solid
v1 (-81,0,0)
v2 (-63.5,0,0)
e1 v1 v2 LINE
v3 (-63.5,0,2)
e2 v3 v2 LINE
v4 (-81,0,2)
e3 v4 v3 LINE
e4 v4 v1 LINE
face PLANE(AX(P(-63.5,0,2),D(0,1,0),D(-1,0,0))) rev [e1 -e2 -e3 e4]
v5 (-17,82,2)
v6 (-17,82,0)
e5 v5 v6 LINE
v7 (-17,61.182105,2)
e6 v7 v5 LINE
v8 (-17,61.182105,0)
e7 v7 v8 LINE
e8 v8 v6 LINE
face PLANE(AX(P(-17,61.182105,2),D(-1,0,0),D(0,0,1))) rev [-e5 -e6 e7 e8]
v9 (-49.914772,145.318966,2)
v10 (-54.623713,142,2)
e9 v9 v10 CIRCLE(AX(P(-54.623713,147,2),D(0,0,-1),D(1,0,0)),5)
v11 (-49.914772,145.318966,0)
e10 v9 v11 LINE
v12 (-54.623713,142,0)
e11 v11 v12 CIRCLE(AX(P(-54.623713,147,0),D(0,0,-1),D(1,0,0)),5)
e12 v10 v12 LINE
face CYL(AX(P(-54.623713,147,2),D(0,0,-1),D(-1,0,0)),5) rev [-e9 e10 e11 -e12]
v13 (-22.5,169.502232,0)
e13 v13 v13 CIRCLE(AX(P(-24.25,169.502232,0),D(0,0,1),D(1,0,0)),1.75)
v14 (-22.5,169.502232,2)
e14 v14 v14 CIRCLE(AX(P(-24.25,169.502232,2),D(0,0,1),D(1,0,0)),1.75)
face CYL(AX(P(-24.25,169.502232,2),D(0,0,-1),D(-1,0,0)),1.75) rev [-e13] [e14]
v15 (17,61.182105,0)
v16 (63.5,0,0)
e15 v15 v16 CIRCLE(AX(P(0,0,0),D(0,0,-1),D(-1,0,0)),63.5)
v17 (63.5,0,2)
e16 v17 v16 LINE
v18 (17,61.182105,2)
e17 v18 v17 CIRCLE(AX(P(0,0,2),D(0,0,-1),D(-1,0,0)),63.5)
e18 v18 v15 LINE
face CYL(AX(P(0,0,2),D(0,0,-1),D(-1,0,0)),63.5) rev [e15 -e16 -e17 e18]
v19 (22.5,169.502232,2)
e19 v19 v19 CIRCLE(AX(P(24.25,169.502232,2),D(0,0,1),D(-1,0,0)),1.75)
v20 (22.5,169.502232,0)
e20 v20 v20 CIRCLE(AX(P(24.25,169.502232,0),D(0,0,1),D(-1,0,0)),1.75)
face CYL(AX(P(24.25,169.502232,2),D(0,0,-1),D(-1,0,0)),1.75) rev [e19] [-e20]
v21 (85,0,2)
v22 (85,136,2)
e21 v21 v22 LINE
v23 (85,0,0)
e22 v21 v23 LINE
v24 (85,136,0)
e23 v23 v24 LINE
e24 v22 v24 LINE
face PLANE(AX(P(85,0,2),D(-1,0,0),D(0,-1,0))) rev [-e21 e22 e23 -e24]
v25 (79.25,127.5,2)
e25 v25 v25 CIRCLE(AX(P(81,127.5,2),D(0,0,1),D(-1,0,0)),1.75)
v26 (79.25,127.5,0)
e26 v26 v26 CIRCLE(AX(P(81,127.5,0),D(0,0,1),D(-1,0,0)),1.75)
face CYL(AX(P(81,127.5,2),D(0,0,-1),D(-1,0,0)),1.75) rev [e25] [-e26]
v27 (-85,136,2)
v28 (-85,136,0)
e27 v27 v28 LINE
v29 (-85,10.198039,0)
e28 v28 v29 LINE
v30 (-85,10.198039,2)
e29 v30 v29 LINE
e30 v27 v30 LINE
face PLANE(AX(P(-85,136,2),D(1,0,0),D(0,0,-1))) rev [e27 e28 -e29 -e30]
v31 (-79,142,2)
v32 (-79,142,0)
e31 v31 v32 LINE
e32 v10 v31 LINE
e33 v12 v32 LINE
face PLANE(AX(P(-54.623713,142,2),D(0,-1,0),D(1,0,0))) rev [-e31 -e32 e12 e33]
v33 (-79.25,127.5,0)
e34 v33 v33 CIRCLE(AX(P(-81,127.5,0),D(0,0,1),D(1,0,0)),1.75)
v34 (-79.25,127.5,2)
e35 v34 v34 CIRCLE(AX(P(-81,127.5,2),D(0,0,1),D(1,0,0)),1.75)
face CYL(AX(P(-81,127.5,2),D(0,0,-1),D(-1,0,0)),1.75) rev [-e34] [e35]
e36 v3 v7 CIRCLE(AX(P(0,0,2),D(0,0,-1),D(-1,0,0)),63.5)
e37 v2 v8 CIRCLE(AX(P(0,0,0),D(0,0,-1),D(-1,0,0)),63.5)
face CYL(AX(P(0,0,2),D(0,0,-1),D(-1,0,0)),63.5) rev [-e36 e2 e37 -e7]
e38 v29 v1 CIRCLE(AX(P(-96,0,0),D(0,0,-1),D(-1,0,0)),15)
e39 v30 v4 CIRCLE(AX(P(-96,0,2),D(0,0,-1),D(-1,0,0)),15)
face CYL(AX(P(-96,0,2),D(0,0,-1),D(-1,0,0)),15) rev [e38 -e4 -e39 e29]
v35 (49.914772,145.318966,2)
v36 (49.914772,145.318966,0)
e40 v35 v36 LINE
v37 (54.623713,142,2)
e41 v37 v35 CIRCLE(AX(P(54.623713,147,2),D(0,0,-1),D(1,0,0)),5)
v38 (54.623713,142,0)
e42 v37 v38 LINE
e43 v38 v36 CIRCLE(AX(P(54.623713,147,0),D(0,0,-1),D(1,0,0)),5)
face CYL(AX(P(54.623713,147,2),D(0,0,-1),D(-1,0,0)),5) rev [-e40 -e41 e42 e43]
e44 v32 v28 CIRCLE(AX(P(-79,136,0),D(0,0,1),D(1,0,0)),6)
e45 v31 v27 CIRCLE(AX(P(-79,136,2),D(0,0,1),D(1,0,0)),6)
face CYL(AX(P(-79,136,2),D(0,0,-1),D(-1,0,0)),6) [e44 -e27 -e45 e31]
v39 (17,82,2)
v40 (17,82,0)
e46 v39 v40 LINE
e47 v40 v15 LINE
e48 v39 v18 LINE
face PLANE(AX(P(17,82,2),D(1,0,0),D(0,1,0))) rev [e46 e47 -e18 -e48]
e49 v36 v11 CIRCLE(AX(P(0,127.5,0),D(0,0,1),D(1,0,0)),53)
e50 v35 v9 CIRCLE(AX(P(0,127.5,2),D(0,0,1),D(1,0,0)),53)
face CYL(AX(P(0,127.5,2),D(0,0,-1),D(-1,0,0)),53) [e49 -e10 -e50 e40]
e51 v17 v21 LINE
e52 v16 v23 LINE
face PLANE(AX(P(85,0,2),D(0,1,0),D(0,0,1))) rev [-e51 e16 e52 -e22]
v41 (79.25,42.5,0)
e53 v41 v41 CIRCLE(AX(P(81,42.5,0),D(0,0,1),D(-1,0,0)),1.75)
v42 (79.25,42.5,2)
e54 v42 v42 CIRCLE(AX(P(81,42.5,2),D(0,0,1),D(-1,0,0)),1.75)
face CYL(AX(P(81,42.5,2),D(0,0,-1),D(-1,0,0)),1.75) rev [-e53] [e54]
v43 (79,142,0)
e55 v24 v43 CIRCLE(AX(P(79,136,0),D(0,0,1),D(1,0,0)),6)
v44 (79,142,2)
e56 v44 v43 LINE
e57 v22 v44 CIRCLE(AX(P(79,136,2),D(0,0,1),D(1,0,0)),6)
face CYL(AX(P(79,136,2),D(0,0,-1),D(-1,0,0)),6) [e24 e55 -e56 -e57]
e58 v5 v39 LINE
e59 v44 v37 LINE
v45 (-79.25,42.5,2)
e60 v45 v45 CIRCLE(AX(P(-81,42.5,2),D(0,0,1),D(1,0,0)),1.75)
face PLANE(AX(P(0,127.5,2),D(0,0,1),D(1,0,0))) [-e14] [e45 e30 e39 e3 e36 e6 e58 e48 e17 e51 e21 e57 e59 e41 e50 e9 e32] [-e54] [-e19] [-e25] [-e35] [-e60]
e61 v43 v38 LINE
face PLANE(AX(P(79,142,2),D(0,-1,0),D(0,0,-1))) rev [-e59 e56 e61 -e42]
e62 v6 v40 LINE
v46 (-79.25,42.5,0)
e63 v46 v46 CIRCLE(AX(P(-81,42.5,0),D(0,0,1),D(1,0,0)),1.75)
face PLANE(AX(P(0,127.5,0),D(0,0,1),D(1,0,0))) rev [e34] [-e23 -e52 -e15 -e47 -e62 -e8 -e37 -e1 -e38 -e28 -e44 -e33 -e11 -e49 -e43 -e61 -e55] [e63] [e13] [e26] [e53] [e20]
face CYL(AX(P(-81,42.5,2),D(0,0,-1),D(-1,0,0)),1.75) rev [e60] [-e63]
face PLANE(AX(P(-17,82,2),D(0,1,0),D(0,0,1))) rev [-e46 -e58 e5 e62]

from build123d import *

# Parameters (mm, degrees)
ESQUISSE1_R      = 1.75
EXTRUSION1_DEPTH = 2


with BuildPart() as part:
    # Esquisse1 → Extrusion1 (new body)
    with BuildSketch(Plane.XY):
        with BuildLine():
            Line((79, 142), (54.623712799, 142))
            ThreePointArc((54.623712799, 142), (51.743189619, 142.913120236), (49.914772041, 145.318965517))
            ThreePointArc((49.914772041, 145.318965517), (0, 180.5), (-49.914772041, 145.318965517))
            ThreePointArc((-49.914772041, 145.318965517), (-51.743189619, 142.913120236), (-54.623712799, 142))
            Line((-54.623712799, 142), (-79, 142))
            ThreePointArc((-79, 142), (-83.242640687, 140.242640687), (-85, 136))
            Line((-85, 136), (-85, 10.198039027))
            ThreePointArc((-85, 10.198039027), (-82.035759956, 5.477225575), (-81, 0))
            Line((-81, 0), (-63.5, 0))
            ThreePointArc((-63.5, 0), (-50.555662393, 38.423625545), (-17, 61.182105227))
            Line((-17, 61.182105227), (-17, 82))
            Line((-17, 82), (17, 82))
            Line((17, 82), (17, 61.182105227))
            ThreePointArc((17, 61.182105227), (50.555662393, 38.423625545), (63.5, 0))
            Line((63.5, 0), (85, 0))
            Line((85, 0), (85, 136))
            ThreePointArc((85, 136), (83.242640687, 140.242640687), (79, 142))
        make_face()
        with Locations((-81, 42.5)):
            Circle(ESQUISSE1_R, mode=Mode.SUBTRACT)
        with Locations((-81, 127.5)):
            Circle(ESQUISSE1_R, mode=Mode.SUBTRACT)
        with Locations((-24.25, 169.502232084)):
            Circle(ESQUISSE1_R, mode=Mode.SUBTRACT)
        with Locations(Location((24.25, 169.502232084, 0), (0, 0, 180))):
            Circle(ESQUISSE1_R, mode=Mode.SUBTRACT)
        with Locations(Location((81, 127.5, 0), (0, 0, 180))):
            Circle(ESQUISSE1_R, mode=Mode.SUBTRACT)
        with Locations(Location((81, 42.5, 0), (0, 0, 180))):
            Circle(ESQUISSE1_R, mode=Mode.SUBTRACT)
    extrude(amount=EXTRUSION1_DEPTH)


solid = part.part
